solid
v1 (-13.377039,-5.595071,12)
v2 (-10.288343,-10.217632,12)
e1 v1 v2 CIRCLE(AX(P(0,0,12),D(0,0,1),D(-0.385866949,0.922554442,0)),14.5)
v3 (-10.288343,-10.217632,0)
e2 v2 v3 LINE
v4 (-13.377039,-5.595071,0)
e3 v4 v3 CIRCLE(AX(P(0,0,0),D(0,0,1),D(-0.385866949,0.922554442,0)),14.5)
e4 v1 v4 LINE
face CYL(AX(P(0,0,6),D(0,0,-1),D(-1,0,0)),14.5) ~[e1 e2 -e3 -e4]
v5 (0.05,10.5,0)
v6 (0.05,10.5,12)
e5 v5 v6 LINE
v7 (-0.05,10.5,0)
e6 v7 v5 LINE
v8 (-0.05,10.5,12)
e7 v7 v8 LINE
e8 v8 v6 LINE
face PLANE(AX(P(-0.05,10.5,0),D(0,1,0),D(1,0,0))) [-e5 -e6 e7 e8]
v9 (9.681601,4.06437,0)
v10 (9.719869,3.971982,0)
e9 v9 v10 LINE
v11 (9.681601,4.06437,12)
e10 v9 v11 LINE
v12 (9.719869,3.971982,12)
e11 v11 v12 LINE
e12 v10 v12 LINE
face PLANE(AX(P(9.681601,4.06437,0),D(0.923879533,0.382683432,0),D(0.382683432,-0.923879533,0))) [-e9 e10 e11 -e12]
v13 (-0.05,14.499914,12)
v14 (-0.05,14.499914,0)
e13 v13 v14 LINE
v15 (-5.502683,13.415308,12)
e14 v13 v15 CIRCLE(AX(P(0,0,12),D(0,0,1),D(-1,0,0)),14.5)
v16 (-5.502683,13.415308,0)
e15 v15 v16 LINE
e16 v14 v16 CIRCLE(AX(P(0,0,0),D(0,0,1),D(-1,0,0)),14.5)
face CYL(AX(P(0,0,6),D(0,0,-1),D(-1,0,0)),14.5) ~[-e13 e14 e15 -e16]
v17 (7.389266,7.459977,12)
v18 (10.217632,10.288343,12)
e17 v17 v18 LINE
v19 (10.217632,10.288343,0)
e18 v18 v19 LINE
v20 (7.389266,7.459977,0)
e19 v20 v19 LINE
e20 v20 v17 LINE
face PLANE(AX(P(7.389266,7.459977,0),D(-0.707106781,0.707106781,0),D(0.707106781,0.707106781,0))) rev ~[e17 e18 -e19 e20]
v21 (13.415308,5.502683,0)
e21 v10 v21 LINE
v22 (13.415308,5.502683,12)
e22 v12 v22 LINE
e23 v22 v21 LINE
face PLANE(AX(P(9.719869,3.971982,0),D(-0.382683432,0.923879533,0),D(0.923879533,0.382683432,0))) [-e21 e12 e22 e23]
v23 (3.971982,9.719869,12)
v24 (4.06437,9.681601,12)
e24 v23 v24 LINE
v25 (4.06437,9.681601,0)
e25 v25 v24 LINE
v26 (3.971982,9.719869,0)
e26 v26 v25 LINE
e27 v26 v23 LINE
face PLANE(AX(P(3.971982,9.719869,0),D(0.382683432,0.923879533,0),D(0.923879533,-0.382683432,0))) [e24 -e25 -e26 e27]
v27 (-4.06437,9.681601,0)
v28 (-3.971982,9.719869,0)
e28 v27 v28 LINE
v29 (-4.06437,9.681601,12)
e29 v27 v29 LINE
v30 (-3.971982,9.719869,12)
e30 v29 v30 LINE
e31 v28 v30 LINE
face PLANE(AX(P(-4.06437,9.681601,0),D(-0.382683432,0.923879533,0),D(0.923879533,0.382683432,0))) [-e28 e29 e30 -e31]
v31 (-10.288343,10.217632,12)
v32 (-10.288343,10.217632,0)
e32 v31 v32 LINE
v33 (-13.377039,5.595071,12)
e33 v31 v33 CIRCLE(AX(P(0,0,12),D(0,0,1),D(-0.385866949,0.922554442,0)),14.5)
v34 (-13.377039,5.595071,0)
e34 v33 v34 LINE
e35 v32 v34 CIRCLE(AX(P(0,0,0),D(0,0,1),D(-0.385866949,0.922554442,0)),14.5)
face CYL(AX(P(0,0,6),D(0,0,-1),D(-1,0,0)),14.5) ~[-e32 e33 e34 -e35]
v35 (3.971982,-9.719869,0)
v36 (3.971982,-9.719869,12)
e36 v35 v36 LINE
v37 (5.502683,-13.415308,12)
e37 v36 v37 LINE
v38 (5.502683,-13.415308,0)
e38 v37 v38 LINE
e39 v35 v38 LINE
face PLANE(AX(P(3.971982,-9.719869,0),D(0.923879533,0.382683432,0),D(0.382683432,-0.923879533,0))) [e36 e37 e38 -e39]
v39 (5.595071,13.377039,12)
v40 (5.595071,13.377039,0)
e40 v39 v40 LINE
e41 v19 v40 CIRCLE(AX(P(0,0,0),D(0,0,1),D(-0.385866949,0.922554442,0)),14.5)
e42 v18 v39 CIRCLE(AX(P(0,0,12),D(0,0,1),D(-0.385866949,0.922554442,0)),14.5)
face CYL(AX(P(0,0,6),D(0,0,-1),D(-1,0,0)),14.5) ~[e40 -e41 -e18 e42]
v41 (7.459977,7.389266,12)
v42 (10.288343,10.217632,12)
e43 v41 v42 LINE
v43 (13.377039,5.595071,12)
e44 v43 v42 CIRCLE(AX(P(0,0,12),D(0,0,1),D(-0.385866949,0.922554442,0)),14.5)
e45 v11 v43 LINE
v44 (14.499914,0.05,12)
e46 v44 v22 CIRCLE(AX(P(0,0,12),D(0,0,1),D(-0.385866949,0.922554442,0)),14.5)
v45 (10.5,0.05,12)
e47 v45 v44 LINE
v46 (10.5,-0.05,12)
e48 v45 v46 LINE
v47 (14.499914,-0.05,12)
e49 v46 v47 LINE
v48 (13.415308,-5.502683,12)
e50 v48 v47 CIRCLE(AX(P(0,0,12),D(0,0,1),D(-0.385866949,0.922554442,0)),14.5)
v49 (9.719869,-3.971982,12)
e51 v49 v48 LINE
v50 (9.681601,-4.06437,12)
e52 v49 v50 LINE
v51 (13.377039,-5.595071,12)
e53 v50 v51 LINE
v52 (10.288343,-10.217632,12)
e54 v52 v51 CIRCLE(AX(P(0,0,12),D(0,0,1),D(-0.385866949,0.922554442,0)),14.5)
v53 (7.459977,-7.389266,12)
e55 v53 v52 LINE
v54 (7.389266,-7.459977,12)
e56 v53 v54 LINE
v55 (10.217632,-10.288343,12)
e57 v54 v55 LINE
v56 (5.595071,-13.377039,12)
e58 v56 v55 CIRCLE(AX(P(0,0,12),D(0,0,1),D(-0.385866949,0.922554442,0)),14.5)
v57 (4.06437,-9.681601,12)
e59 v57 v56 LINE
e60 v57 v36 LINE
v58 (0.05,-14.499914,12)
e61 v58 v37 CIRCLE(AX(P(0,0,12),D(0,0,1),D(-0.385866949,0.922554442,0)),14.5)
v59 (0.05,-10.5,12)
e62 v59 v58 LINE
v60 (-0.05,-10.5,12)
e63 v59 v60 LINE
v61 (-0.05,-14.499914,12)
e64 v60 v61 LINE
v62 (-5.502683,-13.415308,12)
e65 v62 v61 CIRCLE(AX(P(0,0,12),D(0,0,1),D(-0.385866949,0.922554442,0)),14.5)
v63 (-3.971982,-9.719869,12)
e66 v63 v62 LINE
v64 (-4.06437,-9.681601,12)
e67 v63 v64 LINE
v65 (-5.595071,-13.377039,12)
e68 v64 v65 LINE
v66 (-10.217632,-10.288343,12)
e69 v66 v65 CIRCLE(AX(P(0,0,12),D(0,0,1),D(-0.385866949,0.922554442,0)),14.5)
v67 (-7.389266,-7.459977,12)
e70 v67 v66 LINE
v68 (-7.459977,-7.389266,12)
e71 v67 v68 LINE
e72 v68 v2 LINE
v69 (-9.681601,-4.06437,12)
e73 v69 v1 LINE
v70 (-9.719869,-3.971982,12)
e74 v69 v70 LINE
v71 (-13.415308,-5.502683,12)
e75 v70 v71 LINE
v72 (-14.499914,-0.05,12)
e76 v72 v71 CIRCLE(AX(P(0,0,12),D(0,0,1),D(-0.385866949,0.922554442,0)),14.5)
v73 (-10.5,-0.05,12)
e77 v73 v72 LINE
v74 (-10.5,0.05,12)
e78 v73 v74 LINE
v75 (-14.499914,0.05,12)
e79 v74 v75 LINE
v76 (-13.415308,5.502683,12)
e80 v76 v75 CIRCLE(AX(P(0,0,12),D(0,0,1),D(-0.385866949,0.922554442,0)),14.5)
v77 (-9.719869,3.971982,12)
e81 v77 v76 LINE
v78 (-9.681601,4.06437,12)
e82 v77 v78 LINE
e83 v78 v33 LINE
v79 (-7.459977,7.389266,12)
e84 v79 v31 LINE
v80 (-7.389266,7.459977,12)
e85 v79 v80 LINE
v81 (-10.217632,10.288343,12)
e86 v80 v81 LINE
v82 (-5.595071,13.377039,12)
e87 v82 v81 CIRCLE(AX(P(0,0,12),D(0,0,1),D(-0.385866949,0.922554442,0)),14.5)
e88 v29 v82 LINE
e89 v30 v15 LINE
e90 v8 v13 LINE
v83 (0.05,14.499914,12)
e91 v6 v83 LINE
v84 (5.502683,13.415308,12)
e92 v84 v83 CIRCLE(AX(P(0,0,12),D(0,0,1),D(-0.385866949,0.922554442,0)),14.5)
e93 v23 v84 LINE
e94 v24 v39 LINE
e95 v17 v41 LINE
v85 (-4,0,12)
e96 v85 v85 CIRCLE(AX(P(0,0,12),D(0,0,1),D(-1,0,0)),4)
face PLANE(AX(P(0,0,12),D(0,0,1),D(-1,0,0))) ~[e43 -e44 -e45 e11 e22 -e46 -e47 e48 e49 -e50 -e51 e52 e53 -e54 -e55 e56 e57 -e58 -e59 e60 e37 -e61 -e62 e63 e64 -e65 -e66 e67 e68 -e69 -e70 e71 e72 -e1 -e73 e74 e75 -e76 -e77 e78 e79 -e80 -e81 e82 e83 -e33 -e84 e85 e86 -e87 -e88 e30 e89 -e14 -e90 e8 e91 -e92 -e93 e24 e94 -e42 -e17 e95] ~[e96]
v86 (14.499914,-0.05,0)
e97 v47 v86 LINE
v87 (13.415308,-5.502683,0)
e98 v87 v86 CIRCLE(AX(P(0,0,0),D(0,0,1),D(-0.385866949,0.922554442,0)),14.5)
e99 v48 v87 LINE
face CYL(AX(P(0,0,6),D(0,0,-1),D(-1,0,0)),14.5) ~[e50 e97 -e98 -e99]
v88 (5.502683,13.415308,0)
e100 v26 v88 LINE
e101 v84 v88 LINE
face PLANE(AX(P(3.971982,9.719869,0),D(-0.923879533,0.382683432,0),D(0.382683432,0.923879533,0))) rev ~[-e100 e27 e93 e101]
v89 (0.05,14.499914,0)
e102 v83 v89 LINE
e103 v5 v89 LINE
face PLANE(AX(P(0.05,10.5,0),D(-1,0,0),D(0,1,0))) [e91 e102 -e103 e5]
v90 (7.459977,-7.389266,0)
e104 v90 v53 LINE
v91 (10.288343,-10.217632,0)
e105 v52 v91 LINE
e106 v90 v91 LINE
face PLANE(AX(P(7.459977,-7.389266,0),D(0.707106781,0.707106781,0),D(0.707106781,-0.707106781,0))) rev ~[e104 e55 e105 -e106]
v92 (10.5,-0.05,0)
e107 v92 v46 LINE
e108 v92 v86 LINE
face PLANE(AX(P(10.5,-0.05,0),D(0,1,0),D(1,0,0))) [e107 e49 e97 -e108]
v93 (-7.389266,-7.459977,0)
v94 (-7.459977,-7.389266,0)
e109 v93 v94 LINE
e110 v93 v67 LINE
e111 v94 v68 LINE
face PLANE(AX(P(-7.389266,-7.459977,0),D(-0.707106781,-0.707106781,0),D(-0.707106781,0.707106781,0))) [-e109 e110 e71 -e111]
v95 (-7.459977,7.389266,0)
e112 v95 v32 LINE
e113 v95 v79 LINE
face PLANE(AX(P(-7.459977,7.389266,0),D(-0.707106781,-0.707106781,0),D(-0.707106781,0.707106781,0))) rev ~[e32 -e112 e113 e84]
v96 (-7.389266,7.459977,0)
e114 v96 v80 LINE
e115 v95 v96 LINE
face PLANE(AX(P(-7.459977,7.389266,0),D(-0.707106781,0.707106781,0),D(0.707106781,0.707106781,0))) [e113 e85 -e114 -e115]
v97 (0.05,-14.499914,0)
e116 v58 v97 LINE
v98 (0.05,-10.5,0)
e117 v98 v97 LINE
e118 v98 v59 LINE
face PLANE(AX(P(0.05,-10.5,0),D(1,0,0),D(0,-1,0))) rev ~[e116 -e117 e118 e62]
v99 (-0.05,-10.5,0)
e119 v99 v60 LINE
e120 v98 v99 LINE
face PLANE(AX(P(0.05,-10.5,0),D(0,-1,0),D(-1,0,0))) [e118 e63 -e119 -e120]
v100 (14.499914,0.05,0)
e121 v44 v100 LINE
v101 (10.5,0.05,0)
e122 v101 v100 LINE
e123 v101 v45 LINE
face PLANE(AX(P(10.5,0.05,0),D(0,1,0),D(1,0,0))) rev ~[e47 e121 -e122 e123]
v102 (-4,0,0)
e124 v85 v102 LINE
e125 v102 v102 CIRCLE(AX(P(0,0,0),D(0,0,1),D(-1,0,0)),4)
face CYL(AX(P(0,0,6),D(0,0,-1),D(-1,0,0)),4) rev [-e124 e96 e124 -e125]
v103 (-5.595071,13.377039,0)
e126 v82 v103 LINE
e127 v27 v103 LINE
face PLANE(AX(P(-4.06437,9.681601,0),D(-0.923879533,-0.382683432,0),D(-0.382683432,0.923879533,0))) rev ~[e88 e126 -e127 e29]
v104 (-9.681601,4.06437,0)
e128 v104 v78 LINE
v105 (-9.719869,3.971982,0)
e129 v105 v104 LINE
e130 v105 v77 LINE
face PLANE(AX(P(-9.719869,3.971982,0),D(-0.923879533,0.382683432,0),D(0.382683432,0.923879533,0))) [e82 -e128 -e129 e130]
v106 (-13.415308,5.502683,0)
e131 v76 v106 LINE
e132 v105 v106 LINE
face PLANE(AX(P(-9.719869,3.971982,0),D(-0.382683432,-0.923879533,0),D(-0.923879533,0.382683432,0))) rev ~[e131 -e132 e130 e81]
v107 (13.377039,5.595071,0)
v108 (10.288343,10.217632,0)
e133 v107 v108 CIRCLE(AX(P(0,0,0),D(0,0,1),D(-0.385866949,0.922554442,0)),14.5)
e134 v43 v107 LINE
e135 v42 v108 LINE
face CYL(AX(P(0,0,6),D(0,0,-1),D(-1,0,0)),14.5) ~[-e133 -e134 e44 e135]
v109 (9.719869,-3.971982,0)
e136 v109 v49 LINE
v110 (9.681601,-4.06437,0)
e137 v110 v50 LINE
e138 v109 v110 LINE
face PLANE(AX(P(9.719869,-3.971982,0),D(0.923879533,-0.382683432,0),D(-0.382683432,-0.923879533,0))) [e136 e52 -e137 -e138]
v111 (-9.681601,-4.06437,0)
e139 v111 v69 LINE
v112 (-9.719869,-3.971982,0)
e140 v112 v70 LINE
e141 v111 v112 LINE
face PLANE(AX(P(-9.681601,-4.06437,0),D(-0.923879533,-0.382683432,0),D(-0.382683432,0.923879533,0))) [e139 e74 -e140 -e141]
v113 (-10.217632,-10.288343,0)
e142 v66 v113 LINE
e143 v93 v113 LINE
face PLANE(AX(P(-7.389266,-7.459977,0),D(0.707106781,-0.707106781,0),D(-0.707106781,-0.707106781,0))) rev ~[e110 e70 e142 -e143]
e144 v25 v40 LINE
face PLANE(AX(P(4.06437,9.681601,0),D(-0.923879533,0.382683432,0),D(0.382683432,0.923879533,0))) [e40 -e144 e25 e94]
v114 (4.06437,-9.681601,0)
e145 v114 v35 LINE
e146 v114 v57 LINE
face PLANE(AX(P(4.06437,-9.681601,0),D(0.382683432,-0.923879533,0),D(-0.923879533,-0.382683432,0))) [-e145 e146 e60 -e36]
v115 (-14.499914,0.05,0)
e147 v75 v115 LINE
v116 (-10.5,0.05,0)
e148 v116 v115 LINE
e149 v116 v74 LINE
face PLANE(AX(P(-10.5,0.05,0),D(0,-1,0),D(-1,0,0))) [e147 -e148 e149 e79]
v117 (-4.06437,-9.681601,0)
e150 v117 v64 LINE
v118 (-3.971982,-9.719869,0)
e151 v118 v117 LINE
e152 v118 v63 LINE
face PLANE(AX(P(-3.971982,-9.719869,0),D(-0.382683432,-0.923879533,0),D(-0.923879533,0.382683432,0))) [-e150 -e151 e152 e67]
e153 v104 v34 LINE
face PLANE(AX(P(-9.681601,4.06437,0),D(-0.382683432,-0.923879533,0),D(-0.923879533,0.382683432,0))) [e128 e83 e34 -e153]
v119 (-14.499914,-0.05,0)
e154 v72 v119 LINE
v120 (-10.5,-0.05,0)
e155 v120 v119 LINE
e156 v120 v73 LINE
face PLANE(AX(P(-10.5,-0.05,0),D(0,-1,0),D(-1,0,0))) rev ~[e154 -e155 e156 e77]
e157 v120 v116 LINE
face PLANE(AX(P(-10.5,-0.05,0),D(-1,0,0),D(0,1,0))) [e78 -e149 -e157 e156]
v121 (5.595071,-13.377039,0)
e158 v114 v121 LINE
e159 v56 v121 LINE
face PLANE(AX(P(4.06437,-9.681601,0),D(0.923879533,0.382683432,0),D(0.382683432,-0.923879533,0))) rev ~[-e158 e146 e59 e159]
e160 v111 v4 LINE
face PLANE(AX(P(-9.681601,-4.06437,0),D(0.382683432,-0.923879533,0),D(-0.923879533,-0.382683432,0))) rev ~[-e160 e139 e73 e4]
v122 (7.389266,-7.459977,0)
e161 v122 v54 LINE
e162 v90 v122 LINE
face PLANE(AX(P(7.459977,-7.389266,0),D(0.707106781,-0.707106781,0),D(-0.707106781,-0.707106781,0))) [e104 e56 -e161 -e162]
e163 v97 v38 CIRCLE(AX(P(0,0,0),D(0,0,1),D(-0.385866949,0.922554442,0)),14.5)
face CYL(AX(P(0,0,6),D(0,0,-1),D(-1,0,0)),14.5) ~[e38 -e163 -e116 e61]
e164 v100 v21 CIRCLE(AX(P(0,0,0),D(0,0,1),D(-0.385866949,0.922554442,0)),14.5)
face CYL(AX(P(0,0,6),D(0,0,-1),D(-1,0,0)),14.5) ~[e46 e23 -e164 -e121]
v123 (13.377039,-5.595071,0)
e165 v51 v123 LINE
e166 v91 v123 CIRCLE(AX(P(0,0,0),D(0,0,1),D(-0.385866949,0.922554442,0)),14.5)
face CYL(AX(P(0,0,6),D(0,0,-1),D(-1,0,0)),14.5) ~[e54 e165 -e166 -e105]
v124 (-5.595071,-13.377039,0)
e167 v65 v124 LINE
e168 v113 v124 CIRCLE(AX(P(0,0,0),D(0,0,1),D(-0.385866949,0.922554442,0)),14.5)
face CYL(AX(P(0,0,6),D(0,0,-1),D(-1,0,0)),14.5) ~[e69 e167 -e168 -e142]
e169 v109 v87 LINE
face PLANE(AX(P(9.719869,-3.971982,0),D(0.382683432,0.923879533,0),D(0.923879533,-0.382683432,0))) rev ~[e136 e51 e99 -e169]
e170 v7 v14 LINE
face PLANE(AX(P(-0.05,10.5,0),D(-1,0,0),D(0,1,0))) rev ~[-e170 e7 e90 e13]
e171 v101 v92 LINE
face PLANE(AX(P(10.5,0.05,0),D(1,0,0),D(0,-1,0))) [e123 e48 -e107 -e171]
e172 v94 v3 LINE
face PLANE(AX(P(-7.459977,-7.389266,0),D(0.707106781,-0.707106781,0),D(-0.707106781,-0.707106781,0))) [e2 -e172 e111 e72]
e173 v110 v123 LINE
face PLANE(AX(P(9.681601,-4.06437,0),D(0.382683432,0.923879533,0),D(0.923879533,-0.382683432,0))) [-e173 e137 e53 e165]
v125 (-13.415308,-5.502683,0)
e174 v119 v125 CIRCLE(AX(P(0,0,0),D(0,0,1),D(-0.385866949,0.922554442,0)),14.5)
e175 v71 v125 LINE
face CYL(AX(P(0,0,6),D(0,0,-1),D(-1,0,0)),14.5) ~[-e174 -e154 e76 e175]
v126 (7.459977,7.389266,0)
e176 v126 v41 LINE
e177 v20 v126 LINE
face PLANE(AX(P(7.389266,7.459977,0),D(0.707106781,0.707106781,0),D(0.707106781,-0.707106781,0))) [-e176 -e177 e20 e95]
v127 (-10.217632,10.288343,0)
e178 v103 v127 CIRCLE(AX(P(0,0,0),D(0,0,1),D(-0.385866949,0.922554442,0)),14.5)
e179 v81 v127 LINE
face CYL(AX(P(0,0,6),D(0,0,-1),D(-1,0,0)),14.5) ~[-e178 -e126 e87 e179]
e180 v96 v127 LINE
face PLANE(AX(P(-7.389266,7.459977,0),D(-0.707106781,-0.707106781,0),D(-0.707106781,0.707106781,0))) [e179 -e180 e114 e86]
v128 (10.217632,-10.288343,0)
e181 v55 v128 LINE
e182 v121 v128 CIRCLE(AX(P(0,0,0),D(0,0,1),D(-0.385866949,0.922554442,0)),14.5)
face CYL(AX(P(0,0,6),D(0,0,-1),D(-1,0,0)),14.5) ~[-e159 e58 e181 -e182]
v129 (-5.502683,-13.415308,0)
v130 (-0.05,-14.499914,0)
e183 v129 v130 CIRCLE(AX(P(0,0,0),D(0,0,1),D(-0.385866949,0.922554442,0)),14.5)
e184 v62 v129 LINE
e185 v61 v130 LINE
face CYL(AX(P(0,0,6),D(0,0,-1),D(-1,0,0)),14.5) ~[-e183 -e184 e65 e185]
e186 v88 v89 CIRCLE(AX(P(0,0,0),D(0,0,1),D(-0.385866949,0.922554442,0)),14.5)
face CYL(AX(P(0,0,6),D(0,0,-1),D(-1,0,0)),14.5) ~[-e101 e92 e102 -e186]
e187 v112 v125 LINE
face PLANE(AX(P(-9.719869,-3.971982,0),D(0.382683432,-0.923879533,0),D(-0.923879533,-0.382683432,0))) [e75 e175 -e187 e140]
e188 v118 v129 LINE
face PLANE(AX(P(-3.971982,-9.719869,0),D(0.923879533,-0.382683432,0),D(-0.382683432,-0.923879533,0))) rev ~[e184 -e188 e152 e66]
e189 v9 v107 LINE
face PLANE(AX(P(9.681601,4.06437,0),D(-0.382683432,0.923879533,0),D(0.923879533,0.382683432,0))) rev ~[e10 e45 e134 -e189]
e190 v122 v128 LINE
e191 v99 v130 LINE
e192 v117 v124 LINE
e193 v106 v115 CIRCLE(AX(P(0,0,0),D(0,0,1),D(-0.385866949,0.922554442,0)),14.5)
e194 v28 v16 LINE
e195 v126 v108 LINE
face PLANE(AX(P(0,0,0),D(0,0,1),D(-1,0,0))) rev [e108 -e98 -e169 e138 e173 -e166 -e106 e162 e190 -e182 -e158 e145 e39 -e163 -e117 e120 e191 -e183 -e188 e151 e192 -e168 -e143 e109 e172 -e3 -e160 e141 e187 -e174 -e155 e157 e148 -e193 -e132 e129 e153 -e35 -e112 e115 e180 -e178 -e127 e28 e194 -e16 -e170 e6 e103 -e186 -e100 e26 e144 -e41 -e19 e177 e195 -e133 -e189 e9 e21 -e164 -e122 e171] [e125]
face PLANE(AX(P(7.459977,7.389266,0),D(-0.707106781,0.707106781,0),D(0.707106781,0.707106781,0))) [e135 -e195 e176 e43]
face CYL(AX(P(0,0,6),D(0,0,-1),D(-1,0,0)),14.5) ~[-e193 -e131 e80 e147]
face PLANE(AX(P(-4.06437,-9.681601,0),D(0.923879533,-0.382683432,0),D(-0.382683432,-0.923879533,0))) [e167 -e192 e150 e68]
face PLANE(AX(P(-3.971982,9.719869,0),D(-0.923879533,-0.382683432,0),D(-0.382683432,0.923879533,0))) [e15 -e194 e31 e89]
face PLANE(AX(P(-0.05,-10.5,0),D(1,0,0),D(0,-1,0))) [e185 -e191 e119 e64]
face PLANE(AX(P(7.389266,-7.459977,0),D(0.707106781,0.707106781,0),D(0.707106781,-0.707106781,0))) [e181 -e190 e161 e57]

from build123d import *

# Parameters (mm, degrees)
ESQUISSE1_W                  = 12
ESQUISSE1_H                  = 10.5
ESQUISSE2_W                  = 0.1
ESQUISSE2_H                  = 4
ENL_V_MAT_EXTRU_2_DEPTH      = 24.759208741
R_P_TITION_CIRCULAIRE1_COUNT = 16


with BuildPart() as part:
    # Esquisse1 → Révolution1 (revolve)
    with BuildSketch(Plane(origin=(0, 0, 0), x_dir=(0, 0, -1), z_dir=(1, 0, 0))):
        with Locations((-6, 9.25)):
            Rectangle(ESQUISSE1_W, ESQUISSE1_H)
    revolve(axis=Axis((0, 0, 0), (0, 0, 1)))

    # Esquisse2 → Enlèv. mat.-Extru.2 (cut, through all)
    with BuildSketch(Plane.XY):
        with Locations((0, 12.5)):
            Rectangle(ESQUISSE2_W, ESQUISSE2_H)
    enl_v_mat_extru_2 = extrude(amount=ENL_V_MAT_EXTRU_2_DEPTH, mode=Mode.SUBTRACT)

    # Répétition circulaire1: Enlèv. mat.-Extru.2 ×16 about axis
    r_p_tition_circulaire1_axis = Axis((0, 0, 0), (0, 0, 1))
    for i in range(1, R_P_TITION_CIRCULAIRE1_COUNT):
        add(enl_v_mat_extru_2.rotate(r_p_tition_circulaire1_axis, i * 360 / R_P_TITION_CIRCULAIRE1_COUNT), mode=Mode.SUBTRACT)


solid = part.part
